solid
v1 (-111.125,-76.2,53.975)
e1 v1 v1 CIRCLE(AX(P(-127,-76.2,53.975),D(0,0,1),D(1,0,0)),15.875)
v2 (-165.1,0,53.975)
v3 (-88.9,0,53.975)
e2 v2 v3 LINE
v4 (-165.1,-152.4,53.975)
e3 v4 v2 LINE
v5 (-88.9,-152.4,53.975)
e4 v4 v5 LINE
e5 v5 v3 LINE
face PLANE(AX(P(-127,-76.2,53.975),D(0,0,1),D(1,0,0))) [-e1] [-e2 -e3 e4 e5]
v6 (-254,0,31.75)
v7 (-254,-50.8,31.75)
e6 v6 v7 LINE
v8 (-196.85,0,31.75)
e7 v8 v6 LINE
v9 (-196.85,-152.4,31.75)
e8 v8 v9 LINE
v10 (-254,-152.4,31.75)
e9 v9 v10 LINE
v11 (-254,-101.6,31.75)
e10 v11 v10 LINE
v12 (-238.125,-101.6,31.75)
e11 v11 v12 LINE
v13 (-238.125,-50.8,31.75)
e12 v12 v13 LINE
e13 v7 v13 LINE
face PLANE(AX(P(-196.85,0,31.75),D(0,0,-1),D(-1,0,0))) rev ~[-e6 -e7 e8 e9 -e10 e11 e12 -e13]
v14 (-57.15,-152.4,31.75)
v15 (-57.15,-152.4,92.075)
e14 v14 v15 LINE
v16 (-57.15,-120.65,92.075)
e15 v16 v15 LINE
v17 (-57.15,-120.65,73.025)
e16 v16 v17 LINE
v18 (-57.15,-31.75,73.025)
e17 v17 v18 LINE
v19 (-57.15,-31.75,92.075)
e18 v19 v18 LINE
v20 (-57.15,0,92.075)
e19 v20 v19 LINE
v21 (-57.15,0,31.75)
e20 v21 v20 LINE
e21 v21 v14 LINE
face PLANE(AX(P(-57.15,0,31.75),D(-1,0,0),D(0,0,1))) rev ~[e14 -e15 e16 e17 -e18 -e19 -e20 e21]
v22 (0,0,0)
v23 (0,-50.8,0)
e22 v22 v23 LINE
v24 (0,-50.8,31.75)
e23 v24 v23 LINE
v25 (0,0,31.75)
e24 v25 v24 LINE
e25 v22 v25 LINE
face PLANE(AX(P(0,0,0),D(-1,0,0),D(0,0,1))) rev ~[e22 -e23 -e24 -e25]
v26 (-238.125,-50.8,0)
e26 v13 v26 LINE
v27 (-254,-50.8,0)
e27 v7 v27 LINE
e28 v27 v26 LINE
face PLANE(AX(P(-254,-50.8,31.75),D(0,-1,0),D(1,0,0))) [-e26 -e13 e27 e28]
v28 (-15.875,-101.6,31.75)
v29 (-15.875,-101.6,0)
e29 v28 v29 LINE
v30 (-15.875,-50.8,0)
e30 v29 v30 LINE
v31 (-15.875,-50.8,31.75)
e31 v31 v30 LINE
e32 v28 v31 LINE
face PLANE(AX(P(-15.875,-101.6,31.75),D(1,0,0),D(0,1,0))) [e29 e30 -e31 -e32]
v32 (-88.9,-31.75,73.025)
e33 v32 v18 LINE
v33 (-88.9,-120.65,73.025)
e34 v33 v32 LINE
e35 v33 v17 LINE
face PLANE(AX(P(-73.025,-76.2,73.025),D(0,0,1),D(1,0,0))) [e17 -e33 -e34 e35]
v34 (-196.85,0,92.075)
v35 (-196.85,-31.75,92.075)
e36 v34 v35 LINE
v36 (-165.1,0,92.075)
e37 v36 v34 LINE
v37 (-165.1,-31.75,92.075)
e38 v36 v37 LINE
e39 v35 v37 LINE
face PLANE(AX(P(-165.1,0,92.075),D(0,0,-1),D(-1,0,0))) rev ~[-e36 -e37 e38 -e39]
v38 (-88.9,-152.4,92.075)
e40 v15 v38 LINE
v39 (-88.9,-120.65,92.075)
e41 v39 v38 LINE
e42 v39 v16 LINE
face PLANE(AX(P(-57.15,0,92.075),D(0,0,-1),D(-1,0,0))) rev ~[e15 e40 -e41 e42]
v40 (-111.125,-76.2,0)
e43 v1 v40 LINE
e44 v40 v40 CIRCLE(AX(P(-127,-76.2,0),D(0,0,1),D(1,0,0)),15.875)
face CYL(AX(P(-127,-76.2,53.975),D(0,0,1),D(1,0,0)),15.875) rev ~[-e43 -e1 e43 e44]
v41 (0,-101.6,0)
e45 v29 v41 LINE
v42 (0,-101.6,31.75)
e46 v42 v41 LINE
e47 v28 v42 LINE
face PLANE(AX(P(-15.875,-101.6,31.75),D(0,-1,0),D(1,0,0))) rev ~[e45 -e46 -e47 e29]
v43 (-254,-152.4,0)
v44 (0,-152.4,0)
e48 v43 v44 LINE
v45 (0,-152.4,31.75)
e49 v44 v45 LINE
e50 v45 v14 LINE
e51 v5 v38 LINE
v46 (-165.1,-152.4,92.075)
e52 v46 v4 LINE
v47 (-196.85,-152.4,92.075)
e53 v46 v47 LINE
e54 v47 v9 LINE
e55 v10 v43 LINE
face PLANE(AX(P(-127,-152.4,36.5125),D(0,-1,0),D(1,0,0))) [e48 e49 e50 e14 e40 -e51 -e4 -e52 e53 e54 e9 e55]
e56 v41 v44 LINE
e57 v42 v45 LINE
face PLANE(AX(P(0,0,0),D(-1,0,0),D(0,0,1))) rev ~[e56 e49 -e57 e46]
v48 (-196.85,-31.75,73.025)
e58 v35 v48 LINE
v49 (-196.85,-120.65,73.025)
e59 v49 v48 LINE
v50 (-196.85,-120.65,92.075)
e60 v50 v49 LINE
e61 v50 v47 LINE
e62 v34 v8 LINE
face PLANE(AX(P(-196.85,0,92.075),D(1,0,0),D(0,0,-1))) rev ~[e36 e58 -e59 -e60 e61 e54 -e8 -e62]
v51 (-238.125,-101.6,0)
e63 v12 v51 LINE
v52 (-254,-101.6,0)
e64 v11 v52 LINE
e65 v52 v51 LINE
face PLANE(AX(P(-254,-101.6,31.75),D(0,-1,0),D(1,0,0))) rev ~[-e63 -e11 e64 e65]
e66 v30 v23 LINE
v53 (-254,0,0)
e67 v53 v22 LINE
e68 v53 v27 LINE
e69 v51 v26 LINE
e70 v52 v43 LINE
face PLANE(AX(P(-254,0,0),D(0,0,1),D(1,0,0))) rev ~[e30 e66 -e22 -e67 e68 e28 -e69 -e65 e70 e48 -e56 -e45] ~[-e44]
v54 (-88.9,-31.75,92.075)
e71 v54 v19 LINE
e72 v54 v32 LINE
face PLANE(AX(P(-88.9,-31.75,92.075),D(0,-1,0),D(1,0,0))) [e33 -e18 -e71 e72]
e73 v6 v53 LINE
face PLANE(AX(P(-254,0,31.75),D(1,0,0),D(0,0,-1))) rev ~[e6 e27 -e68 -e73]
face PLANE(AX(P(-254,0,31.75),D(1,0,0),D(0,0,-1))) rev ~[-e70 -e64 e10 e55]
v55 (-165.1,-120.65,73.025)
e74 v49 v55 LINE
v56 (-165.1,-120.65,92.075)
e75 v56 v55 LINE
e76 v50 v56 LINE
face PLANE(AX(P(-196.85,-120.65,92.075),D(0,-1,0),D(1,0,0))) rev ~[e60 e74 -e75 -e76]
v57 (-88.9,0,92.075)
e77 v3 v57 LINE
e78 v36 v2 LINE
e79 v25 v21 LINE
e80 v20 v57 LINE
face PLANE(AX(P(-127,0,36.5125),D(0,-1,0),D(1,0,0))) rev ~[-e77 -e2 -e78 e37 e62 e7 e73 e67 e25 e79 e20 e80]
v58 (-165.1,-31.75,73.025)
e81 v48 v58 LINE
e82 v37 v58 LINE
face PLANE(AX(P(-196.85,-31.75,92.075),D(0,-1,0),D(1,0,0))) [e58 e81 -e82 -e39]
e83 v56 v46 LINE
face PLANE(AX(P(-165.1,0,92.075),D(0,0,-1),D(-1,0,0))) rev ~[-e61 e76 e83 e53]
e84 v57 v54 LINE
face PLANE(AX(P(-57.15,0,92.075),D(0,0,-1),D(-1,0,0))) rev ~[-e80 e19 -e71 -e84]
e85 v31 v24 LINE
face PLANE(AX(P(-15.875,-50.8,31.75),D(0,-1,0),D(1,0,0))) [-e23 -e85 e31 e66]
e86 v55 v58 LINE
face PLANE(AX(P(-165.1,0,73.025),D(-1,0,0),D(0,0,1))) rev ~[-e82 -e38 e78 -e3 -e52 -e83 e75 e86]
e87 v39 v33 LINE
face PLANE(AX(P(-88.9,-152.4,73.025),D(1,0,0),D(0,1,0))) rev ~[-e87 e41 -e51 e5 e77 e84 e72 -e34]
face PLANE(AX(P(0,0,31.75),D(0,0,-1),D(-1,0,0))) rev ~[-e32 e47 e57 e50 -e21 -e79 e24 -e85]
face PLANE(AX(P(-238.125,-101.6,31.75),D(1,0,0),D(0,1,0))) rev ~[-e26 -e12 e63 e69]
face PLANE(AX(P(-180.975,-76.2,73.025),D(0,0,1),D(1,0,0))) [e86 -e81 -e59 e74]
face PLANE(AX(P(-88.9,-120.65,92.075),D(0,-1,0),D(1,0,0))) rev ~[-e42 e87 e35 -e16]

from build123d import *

# Parameters (mm, degrees)
F1_DEPTH  = 152.4
F2_W      = 15.875
F2_H      = 50.8
F3_DEPTH  = 31.751
F4_W      = 15.875
F4_H      = 50.8
F5_DEPTH  = 31.751
F6_W      = 76.2
F6_H      = 152.4
F7_DEPTH  = 19.05
F9_W      = 31.75
F9_H      = 88.9
F10_DEPTH = 19.05
F8_W      = 31.75
F8_H      = 88.9
F11_DEPTH = 19.05
F12_R     = 15.875
F13_DEPTH = 53.976


with BuildPart() as f1:
    # F0 (on Front) → F1 (new body)
    with BuildSketch(Plane.XZ):
        Polygon((-127, 0), (0, 0), (0, 31.75), (-57.15, 31.75), (-57.15, 92.075), (-88.9, 92.075), (-88.9, 73.025), (-165.1, 73.025), (-165.1, 92.075), (-196.85, 92.075), (-196.85, 31.75), (-254, 31.75), (-254, 0), align=None)
    extrude(amount=F1_DEPTH)

    # F2 (on face) → F3 (cut, through all)
    with BuildSketch(Plane.XY.offset(31.75)):
        with Locations((-7.9375, -76.2)):
            Rectangle(F2_W, F2_H)
    extrude(amount=-F3_DEPTH, mode=Mode.SUBTRACT)

    # F4 (on face) → F5 (cut, through all)
    with BuildSketch(Plane.XY.offset(31.75)):
        with Locations((-246.0625, -76.2)):
            Rectangle(F4_W, F4_H)
    extrude(amount=-F5_DEPTH, mode=Mode.SUBTRACT)

    # F6 (on face) → F7 (cut)
    with BuildSketch(Plane.XY.offset(73.025)):
        with Locations((-127, -76.2)):
            Rectangle(F6_W, F6_H)
    extrude(amount=-F7_DEPTH, mode=Mode.SUBTRACT)

    # F9 (on face) → F10 (cut)
    with BuildSketch(Plane.XY.offset(92.075)):
        with Locations((-73.025, -76.2)):
            Rectangle(F9_W, F9_H)
    extrude(amount=-F10_DEPTH, mode=Mode.SUBTRACT)

    # F8 (on face) → F11 (cut)
    with BuildSketch(Plane.XY.offset(92.075)):
        with Locations((-180.975, -76.2)):
            Rectangle(F8_W, F8_H)
    extrude(amount=-F11_DEPTH, mode=Mode.SUBTRACT)

    # F12 (on face) → F13 (cut, through all)
    with BuildSketch(Plane.XY.offset(53.975)):
        with Locations((-127, -76.2)):
            Circle(F12_R)
    extrude(amount=-F13_DEPTH, mode=Mode.SUBTRACT)


solid = f1.part
